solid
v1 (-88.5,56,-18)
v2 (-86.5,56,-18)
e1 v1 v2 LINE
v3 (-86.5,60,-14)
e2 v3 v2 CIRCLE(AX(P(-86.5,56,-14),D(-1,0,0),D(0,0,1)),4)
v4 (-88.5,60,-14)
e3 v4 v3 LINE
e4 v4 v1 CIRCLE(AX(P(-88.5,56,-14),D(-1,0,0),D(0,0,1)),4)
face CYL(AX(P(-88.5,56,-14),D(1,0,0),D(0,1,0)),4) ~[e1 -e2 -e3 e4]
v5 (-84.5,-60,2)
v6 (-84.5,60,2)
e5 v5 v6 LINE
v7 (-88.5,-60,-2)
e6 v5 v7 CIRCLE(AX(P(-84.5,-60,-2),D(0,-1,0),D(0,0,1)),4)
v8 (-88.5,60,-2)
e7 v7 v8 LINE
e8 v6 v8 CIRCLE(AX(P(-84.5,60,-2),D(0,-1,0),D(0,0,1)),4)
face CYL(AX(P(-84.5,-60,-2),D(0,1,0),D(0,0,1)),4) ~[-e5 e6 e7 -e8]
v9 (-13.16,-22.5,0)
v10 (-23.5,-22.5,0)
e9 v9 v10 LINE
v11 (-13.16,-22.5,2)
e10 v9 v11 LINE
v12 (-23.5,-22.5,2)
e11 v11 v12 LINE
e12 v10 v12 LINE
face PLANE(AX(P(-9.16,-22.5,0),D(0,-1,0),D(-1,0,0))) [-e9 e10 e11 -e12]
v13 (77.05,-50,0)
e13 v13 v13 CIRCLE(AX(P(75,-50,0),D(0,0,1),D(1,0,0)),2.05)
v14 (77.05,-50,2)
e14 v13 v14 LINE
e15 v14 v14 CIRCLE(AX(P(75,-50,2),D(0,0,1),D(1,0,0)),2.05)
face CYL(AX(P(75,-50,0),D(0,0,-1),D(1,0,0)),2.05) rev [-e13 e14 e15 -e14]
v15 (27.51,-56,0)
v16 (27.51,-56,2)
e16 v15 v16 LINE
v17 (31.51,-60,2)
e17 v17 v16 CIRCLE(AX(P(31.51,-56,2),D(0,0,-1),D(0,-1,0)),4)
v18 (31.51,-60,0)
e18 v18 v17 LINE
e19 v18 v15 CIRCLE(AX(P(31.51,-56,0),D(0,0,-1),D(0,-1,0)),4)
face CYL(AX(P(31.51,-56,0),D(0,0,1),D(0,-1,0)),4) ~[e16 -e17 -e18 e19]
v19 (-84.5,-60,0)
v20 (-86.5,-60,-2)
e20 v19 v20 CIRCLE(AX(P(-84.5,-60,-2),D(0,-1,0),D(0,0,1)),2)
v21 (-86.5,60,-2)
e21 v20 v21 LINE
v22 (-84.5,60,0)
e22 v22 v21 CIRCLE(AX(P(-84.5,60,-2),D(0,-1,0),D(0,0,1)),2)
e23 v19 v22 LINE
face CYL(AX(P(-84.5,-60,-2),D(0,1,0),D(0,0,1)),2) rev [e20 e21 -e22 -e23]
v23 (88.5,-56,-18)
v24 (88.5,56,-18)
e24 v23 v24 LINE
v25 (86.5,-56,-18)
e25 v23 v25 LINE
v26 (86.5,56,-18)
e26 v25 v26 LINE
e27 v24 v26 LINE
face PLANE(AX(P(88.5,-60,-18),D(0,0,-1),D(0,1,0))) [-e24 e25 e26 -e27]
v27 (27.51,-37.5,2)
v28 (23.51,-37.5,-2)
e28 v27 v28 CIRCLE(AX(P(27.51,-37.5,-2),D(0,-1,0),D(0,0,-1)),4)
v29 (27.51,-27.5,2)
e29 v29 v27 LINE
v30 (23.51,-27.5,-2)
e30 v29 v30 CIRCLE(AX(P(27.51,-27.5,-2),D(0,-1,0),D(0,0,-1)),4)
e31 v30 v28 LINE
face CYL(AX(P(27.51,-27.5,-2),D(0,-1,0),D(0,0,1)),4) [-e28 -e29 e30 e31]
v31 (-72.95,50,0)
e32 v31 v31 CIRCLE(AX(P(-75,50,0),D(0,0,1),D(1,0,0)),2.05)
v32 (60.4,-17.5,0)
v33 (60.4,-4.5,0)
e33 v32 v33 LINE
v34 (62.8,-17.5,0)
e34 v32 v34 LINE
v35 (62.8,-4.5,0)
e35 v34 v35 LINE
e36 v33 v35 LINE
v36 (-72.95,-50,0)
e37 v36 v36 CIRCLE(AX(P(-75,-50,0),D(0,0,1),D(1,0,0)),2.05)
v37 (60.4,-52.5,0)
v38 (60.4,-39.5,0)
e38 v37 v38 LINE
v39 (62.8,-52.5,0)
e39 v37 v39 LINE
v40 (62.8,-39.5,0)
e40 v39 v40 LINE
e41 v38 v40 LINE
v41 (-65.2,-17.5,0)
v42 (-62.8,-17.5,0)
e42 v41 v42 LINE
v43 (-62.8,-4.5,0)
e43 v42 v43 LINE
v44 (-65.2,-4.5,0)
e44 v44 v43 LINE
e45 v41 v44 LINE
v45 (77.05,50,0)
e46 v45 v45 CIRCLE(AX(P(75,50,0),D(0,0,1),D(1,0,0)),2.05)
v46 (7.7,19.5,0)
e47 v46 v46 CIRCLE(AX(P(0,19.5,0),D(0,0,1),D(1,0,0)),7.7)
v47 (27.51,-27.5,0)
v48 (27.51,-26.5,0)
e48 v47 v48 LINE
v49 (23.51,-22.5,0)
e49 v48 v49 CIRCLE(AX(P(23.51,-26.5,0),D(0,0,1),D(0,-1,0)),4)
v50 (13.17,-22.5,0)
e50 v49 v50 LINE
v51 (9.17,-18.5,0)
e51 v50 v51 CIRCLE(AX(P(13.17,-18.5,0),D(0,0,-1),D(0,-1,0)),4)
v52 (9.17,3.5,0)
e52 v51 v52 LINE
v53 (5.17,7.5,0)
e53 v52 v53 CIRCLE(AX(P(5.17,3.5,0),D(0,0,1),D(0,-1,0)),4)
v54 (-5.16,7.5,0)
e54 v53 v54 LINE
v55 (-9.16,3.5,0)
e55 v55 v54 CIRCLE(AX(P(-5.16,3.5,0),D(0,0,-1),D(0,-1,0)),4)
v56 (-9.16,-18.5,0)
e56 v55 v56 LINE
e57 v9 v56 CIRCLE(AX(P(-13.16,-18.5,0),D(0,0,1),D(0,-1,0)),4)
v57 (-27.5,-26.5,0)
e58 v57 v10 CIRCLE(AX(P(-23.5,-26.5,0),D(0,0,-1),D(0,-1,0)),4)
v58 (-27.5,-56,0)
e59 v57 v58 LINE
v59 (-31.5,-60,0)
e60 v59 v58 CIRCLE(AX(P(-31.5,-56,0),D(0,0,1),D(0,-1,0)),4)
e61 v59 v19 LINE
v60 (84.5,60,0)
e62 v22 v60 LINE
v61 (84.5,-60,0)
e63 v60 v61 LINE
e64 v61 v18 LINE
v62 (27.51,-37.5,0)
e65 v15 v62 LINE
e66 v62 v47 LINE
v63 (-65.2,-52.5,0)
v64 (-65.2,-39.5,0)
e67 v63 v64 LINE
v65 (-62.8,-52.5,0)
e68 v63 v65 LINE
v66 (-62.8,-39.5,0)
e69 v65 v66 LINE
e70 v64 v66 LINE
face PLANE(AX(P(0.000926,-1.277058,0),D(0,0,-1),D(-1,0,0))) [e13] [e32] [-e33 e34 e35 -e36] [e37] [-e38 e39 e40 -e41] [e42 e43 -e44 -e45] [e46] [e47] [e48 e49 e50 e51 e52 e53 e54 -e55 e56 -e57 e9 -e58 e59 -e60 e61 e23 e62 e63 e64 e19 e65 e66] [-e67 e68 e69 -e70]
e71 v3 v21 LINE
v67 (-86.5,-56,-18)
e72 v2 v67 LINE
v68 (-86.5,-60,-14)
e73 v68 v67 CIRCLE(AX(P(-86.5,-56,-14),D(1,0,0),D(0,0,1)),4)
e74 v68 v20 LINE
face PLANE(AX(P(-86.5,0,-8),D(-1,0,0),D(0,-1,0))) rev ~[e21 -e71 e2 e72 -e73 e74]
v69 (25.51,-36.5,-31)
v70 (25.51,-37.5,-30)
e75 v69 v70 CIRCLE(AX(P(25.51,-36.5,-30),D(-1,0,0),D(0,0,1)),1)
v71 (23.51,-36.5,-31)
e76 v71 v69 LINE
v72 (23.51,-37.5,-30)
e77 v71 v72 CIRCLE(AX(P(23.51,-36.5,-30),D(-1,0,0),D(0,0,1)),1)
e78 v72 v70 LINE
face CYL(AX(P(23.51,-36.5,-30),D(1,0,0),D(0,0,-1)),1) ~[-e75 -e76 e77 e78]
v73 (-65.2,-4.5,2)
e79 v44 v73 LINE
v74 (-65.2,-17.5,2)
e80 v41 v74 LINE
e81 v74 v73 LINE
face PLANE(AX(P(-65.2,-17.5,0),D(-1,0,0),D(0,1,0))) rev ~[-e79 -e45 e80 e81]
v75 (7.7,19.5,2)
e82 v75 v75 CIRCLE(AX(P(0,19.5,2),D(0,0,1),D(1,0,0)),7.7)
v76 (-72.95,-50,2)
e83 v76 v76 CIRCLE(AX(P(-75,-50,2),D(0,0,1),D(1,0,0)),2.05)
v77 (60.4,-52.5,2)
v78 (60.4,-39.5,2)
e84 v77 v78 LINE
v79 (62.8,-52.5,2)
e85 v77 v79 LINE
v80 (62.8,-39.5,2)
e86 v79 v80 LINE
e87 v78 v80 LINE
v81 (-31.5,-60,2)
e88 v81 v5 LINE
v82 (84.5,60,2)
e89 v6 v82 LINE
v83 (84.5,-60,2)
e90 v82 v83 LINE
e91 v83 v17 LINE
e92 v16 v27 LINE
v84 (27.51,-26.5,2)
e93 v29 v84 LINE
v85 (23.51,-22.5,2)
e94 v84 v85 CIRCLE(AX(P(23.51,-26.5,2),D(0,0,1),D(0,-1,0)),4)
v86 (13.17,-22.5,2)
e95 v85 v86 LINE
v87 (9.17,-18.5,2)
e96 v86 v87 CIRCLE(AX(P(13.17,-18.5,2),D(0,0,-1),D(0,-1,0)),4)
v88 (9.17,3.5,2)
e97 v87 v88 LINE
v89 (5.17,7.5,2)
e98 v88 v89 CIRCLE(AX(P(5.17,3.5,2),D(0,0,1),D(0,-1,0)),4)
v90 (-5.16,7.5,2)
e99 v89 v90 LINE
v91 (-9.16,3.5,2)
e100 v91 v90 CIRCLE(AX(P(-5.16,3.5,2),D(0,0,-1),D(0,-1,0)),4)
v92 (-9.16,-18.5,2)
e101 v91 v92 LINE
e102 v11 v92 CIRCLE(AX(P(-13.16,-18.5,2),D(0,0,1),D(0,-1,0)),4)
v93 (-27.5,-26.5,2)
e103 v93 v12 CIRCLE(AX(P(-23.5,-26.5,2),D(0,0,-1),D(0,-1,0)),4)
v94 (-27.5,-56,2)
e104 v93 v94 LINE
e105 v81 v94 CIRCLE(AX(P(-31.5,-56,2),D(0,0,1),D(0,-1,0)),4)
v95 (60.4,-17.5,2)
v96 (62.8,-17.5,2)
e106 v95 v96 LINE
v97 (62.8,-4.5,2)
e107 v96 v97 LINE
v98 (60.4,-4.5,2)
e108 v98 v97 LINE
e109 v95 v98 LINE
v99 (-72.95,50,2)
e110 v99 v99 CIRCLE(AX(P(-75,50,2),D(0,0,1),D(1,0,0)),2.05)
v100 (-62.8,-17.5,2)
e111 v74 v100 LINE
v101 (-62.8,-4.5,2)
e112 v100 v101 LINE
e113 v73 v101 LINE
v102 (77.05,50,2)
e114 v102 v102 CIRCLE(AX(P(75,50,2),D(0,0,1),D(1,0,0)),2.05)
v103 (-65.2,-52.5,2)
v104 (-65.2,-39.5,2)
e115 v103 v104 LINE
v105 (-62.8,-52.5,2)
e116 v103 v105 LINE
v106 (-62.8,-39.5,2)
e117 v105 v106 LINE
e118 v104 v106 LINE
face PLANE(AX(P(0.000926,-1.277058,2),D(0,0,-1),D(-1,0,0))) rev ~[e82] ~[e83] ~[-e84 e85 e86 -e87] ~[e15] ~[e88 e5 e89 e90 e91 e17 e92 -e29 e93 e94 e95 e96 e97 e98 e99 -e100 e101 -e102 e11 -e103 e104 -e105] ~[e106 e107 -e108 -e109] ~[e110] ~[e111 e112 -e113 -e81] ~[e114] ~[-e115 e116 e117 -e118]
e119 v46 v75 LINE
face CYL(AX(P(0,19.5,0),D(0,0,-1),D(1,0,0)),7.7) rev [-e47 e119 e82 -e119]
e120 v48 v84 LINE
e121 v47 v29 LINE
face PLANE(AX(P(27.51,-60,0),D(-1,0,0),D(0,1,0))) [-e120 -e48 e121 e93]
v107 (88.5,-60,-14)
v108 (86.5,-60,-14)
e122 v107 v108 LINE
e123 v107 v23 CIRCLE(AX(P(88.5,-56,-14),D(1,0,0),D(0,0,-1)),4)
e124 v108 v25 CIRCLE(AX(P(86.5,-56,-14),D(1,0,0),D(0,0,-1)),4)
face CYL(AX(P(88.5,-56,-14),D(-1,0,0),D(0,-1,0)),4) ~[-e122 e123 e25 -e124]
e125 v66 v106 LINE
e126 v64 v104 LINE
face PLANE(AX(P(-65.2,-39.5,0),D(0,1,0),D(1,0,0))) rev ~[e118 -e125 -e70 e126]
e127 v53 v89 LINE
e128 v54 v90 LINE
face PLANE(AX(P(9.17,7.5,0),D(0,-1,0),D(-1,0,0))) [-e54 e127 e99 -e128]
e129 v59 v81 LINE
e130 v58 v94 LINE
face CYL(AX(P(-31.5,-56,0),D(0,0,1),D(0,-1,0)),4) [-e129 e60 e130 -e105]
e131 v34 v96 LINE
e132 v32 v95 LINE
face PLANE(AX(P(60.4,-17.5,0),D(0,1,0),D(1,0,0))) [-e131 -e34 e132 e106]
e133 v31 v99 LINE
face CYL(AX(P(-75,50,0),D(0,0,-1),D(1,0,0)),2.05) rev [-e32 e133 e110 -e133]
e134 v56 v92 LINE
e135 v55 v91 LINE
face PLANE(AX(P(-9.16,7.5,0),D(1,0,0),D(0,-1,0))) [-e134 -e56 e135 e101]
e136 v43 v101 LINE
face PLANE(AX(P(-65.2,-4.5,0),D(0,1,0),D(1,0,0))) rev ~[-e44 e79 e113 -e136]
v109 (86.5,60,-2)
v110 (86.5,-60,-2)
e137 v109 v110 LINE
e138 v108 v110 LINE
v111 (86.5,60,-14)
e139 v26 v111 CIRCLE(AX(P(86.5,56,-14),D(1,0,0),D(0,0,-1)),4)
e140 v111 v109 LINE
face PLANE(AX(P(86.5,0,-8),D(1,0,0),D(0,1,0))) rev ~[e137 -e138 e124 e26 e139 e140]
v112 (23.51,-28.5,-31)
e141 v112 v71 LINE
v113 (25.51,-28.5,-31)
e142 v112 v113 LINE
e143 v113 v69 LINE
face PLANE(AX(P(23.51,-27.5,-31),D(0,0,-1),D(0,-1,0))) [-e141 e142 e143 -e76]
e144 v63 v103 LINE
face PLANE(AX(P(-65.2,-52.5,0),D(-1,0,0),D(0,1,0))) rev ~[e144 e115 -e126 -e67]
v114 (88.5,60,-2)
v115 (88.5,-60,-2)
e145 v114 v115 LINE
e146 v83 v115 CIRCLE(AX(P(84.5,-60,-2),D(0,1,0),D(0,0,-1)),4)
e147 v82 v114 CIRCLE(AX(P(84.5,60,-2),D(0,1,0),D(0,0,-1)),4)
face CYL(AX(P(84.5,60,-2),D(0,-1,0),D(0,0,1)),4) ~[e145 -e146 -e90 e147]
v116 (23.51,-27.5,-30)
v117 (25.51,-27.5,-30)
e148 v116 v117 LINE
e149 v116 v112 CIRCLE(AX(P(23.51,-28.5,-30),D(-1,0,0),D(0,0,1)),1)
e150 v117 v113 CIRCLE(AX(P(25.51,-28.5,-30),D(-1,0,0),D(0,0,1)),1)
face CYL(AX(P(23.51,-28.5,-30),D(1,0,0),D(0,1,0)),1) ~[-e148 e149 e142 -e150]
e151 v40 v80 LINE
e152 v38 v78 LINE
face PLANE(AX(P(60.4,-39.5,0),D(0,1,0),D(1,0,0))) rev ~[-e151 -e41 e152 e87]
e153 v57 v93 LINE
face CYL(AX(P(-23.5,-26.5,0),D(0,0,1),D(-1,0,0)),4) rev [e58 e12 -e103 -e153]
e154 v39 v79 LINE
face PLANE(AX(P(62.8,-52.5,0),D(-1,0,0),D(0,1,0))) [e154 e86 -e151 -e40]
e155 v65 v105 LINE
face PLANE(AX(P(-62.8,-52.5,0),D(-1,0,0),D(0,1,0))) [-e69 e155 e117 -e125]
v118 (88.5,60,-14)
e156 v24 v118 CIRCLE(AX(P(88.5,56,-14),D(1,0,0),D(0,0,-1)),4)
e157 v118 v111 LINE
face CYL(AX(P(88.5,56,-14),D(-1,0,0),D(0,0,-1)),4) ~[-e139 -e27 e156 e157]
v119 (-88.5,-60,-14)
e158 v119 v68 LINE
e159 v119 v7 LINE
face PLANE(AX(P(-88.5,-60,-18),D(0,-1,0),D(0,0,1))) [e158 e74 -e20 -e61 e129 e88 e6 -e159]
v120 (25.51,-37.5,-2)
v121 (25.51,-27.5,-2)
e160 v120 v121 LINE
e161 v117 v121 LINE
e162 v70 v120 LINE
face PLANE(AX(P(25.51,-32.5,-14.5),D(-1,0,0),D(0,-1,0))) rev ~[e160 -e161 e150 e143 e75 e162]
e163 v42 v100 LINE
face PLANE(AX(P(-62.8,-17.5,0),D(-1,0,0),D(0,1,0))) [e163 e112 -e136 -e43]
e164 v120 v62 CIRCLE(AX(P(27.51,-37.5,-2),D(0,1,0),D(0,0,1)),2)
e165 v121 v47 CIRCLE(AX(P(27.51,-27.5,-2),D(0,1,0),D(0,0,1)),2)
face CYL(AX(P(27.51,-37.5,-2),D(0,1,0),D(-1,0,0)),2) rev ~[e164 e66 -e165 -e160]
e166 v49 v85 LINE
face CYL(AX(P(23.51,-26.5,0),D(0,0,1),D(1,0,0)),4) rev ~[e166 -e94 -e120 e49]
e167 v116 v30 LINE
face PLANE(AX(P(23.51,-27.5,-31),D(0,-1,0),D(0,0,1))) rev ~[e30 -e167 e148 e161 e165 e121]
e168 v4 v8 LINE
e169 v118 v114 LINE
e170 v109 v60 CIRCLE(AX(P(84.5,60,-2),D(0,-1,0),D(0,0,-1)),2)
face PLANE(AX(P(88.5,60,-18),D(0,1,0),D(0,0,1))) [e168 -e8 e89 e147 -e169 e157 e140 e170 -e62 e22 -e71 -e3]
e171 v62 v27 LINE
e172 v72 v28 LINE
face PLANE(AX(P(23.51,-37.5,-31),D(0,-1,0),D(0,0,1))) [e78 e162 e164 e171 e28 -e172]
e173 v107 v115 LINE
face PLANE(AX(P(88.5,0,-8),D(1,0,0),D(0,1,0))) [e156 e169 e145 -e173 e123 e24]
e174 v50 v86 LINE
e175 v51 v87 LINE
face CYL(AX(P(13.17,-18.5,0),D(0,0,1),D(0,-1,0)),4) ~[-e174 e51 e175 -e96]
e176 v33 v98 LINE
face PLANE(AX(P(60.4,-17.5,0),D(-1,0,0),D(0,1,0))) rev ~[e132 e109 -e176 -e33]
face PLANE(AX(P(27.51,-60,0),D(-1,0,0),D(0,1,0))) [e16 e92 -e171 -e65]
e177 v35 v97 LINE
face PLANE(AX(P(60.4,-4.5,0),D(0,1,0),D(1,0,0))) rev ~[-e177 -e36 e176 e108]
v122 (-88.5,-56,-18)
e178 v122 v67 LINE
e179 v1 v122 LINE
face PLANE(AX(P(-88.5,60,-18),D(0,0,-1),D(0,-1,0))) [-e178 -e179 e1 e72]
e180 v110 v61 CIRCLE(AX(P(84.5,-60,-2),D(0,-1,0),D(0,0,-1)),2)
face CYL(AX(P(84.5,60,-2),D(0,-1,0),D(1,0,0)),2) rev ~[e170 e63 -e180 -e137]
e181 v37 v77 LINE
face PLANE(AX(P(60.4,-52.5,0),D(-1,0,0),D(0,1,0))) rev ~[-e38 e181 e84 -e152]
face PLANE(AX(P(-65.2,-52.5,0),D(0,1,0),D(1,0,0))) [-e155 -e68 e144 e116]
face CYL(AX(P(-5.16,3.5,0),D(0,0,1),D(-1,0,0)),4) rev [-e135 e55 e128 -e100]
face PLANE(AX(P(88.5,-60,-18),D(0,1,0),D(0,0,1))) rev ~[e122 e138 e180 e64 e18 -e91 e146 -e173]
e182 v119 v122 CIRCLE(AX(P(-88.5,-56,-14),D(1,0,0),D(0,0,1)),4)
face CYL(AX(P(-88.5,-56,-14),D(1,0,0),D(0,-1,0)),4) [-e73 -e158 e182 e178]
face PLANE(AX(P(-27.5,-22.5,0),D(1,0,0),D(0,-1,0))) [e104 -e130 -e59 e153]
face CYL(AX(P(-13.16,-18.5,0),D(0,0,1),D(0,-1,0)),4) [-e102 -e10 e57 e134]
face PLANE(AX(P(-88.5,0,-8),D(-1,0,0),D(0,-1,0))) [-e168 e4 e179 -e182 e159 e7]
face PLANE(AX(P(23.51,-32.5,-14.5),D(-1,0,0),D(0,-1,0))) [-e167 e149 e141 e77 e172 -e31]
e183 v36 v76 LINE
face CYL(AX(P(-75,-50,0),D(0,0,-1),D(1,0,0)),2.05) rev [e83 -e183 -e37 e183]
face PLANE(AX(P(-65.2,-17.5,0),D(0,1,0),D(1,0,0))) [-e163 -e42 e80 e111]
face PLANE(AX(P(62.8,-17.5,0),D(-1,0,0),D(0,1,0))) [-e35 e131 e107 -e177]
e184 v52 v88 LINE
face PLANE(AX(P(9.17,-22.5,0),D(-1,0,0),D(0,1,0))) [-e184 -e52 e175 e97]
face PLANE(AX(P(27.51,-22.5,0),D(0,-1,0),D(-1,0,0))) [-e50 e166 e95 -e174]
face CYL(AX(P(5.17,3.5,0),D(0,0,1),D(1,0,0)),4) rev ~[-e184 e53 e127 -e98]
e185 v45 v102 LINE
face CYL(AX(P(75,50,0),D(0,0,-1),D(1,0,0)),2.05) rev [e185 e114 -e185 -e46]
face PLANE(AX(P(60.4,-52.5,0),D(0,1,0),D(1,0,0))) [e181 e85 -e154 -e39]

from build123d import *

# Parameters (mm, degrees)
SKETCH_R     = 2.05
SKETCH_R_2   = 7.7
SKETCH_W     = 2.4
SKETCH_H     = 13
PAD_DEPTH    = 2
FILLET_R     = 4
SKETCH001_W  = 120
SKETCH001_H  = 20
PAD001_DEPTH = 2
SKETCH002_W  = 120
SKETCH002_H  = 20
PAD002_DEPTH = 2
FILLET001_R  = 4
FILLET002_R  = 2
FILLET003_R  = 4
SKETCH003_W  = 10
SKETCH003_H  = 2
PAD003_DEPTH = 4
SKETCH004_W  = 10
SKETCH004_H  = 33
PAD004_DEPTH = 2
FILLET004_R  = 4
FILLET005_R  = 2
FILLET006_R  = 1


with BuildPart() as part:
    # Sketch → Pad (new body)
    with BuildSketch(Plane.XY):
        Polygon((-88.5, 60), (88.5, 60), (88.5, -60), (27.51, -60), (27.51, -22.5), (9.17, -22.5), (9.17, 7.5), (-9.16, 7.5), (-9.16, -22.5), (-27.5, -22.5), (-27.5, -60), (-88.5, -60), align=None)
        with Locations((-75, -50)):
            Circle(SKETCH_R, mode=Mode.SUBTRACT)
        with Locations((-75, 50)):
            Circle(SKETCH_R, mode=Mode.SUBTRACT)
        with Locations((75, 50)):
            Circle(SKETCH_R, mode=Mode.SUBTRACT)
        with Locations((75, -50)):
            Circle(SKETCH_R, mode=Mode.SUBTRACT)
        with Locations((0, 19.5)):
            Circle(SKETCH_R_2, mode=Mode.SUBTRACT)
        with Locations((-64, -46)):
            Rectangle(SKETCH_W, SKETCH_H, mode=Mode.SUBTRACT)
        with Locations((-64, -11)):
            Rectangle(SKETCH_W, SKETCH_H, mode=Mode.SUBTRACT)
        with Locations((61.6, -11)):
            Rectangle(SKETCH_W, SKETCH_H, mode=Mode.SUBTRACT)
        with Locations((61.6, -46)):
            Rectangle(SKETCH_W, SKETCH_H, mode=Mode.SUBTRACT)
    extrude(amount=PAD_DEPTH)

    # Fillet
    fillet_edges = [part.edges().sort_by_distance(p)[0] for p in [
        (27.51, -60, 1),
        (27.51, -22.5, 1),
        (9.17, -22.5, 1),
        (9.17, 7.5, 1),
        (-9.16, -22.5, 1),
        (-27.5, -60, 1),
        (-27.5, -22.5, 1),
        (-9.16, 7.5, 1),
    ]]
    fillet(fillet_edges, radius=FILLET_R)

    # Sketch001 → Pad001 (new body)
    with BuildSketch(Plane(origin=(-88.5, 0, 0), x_dir=(0, -1, 0), z_dir=(-1, 0, 0))):
        with Locations((0, -8)):
            Rectangle(SKETCH001_W, SKETCH001_H)
    extrude(amount=-PAD001_DEPTH)

    # Sketch002 → Pad002 (new body)
    with BuildSketch(Plane.YZ.offset(88.5)):
        with Locations((0, -8)):
            Rectangle(SKETCH002_W, SKETCH002_H)
    extrude(amount=-PAD002_DEPTH)

    # Fillet001
    fillet001_edges = [part.edges().sort_by_distance(p)[0] for p in [
        (88.5, 0, 2),
        (-88.5, 0, 2),
    ]]
    fillet(fillet001_edges, radius=FILLET001_R)

    # Fillet002
    fillet002_edges = [part.edges().sort_by_distance(p)[0] for p in [
        (-86.5, 0, 0),
        (86.5, 0, 0),
    ]]
    fillet(fillet002_edges, radius=FILLET002_R)

    # Fillet003
    fillet003_edges = [part.edges().sort_by_distance(p)[0] for p in [
        (87.5, -60, -18),
        (87.5, 60, -18),
        (-87.5, -60, -18),
        (-87.5, 60, -18),
    ]]
    fillet(fillet003_edges, radius=FILLET003_R)

    # Sketch003 → Pad003 (new body)
    with BuildSketch(Plane(origin=(27.51, 0, 0), x_dir=(0, -1, 0), z_dir=(-1, 0, 0))):
        with Locations((32.5, 1)):
            Rectangle(SKETCH003_W, SKETCH003_H)
    extrude(amount=PAD003_DEPTH)

    # Sketch004 → Pad004 (new body)
    with BuildSketch(Plane(origin=(23.51, 0, 0), x_dir=(0, -1, 0), z_dir=(-1, 0, 0))):
        with Locations((32.5, -14.5)):
            Rectangle(SKETCH004_W, SKETCH004_H)
    extrude(amount=-PAD004_DEPTH)

    # Fillet004
    fillet004_edges = [part.edges().sort_by_distance(p)[0] for p in [
        (23.51, -32.5, 2),
    ]]
    fillet(fillet004_edges, radius=FILLET004_R)

    # Fillet005
    fillet005_edges = [part.edges().sort_by_distance(p)[0] for p in [
        (25.51, -32.5, 0),
    ]]
    fillet(fillet005_edges, radius=FILLET005_R)

    # Fillet006
    fillet006_edges = [part.edges().sort_by_distance(p)[0] for p in [
        (24.51, -37.5, -31),
        (24.51, -27.5, -31),
    ]]
    fillet(fillet006_edges, radius=FILLET006_R)


solid = part.part
